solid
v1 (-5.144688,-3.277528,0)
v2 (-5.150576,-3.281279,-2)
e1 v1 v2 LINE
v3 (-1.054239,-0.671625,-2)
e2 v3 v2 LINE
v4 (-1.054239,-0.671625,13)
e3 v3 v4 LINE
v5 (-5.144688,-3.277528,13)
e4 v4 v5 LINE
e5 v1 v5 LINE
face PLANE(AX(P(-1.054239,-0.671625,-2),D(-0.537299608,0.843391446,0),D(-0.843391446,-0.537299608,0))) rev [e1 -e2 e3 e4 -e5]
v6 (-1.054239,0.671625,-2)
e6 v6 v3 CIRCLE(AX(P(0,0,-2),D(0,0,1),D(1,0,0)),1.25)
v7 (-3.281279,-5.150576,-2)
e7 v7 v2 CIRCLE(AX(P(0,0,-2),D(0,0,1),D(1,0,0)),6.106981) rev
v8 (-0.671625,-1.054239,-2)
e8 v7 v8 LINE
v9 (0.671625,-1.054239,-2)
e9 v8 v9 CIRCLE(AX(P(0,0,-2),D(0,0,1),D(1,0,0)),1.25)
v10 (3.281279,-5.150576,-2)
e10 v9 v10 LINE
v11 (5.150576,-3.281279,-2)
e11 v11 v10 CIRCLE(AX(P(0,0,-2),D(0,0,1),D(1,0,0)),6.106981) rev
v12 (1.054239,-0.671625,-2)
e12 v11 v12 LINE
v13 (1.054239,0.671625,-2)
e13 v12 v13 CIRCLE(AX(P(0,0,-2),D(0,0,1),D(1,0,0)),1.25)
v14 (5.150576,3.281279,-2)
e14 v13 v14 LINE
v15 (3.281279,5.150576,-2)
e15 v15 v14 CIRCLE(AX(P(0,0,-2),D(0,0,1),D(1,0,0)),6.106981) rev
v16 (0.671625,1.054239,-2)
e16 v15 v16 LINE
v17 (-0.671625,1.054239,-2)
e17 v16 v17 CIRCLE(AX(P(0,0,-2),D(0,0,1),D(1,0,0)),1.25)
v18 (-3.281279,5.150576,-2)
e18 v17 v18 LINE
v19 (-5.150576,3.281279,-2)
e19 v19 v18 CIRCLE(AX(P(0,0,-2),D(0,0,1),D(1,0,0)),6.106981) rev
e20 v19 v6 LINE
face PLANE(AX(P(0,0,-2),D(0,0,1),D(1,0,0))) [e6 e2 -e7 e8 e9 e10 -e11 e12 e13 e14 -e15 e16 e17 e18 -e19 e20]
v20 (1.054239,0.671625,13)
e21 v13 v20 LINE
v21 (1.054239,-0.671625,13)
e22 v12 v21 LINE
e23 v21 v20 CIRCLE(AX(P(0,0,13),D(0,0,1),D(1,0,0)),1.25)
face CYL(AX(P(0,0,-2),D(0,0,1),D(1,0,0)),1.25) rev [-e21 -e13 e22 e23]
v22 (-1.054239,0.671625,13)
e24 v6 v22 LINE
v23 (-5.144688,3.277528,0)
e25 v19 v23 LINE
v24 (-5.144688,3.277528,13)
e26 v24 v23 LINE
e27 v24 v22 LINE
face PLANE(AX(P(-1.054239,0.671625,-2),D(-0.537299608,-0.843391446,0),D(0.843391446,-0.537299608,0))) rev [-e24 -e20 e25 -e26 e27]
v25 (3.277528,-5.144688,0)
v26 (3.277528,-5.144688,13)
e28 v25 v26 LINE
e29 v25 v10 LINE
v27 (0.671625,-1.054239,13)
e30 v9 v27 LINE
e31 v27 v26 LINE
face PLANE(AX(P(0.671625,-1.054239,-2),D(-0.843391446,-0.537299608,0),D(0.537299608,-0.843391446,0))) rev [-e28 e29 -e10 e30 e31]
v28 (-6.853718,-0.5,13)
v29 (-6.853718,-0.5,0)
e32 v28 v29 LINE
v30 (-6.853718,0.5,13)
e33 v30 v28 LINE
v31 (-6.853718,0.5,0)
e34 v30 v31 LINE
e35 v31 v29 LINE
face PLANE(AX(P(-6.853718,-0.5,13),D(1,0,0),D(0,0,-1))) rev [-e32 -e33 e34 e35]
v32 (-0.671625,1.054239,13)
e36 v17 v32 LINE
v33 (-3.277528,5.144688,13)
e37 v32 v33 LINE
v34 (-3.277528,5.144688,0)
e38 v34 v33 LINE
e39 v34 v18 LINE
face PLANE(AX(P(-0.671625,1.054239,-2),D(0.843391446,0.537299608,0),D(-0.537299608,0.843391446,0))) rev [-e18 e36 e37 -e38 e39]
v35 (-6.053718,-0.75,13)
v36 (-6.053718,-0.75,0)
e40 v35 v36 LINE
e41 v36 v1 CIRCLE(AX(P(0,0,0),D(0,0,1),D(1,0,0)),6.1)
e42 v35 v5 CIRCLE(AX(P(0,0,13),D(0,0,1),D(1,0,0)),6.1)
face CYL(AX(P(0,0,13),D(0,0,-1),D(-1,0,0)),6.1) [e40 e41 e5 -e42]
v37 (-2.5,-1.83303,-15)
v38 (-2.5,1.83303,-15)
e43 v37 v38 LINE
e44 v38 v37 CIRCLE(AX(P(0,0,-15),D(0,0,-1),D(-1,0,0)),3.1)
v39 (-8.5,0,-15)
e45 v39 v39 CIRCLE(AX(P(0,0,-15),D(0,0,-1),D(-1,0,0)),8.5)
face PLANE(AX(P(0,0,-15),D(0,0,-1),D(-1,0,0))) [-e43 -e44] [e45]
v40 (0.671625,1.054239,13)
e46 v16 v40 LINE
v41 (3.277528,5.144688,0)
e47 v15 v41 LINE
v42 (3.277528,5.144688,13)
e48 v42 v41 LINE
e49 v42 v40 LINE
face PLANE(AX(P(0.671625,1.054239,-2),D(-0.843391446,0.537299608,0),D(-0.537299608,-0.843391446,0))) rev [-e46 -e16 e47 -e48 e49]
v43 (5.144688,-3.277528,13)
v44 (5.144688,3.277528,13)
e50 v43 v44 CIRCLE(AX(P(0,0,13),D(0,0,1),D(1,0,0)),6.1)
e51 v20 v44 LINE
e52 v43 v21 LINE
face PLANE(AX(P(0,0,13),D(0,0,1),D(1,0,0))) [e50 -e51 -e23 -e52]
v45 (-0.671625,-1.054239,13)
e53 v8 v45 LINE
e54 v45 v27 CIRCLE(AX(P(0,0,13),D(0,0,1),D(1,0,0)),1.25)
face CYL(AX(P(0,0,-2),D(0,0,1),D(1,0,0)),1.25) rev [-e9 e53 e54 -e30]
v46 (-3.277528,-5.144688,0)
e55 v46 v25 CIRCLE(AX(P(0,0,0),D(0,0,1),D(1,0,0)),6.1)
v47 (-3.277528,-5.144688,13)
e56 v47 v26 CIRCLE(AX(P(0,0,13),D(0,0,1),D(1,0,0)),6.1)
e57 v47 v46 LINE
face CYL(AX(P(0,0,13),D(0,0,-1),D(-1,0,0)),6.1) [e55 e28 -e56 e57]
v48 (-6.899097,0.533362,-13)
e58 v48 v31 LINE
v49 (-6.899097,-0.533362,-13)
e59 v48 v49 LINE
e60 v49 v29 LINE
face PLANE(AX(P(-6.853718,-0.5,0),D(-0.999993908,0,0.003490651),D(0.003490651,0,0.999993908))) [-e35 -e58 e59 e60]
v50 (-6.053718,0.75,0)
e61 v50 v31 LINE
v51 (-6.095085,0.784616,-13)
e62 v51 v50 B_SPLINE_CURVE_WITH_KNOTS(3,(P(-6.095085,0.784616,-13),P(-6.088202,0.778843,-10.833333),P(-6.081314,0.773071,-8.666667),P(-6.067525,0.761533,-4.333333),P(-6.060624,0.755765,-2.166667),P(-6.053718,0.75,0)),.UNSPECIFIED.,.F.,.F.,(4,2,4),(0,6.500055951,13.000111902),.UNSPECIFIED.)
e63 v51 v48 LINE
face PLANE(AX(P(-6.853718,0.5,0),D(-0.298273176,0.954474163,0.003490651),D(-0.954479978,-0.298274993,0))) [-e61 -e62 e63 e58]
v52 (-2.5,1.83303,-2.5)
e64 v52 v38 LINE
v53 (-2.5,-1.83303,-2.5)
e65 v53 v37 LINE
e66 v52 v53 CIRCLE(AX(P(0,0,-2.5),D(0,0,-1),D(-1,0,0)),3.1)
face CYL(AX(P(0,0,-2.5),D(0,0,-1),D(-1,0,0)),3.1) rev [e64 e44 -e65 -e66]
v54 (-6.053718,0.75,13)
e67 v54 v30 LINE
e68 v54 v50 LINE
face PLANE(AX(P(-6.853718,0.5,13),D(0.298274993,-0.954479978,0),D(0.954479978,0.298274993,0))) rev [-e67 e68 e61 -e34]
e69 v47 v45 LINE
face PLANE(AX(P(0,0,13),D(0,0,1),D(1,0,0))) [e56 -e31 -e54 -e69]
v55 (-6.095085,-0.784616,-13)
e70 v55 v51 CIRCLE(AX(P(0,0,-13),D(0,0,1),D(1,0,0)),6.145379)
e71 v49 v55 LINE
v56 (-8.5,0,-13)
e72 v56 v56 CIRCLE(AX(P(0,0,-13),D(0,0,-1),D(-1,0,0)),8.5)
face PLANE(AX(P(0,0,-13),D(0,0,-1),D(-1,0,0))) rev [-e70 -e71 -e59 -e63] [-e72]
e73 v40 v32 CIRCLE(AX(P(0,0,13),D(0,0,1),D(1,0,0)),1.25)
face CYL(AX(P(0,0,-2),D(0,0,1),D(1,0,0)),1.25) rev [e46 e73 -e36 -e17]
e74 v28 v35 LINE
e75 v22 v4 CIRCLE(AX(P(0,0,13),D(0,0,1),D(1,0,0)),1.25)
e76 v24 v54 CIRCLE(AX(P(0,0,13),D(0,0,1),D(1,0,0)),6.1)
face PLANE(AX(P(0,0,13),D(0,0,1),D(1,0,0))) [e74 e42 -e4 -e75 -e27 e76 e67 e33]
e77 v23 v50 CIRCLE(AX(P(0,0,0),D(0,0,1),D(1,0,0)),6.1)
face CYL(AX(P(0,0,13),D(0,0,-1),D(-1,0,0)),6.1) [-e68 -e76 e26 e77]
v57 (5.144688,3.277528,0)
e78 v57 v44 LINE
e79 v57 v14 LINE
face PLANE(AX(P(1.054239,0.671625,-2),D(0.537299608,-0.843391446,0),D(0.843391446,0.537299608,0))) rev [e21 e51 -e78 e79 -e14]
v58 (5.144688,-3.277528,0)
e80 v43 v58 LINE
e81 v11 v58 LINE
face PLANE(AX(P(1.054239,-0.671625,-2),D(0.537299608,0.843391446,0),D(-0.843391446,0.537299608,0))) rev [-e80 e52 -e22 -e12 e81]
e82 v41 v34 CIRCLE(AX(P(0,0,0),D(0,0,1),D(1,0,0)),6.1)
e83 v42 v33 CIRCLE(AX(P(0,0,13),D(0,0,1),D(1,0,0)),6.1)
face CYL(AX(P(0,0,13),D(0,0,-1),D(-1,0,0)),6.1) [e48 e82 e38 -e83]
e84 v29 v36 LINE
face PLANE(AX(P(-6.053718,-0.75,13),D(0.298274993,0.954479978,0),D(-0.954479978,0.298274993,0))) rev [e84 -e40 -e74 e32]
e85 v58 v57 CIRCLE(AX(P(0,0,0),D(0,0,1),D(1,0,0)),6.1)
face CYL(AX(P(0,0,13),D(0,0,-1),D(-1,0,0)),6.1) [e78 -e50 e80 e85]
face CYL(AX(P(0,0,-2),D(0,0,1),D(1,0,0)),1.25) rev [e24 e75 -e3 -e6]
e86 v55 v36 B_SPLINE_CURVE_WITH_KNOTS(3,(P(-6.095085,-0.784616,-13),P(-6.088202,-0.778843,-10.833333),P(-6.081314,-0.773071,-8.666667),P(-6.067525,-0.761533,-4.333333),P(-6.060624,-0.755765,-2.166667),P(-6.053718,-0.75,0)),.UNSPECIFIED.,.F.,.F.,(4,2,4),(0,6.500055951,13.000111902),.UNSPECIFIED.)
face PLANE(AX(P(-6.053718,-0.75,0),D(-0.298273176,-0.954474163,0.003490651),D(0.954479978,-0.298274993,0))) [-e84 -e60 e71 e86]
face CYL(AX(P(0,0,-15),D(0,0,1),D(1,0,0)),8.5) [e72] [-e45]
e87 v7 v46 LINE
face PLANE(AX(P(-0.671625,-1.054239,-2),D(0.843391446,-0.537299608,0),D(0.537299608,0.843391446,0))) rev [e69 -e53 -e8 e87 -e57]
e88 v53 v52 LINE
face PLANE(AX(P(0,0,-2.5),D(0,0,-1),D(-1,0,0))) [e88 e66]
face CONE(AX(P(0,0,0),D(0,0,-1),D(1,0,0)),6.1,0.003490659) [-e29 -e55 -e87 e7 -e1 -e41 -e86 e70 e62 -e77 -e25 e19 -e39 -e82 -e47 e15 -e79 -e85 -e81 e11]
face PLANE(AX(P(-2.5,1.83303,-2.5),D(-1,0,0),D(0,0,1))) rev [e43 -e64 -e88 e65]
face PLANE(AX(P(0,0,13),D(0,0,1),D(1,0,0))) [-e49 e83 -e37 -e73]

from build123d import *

# Parameters (mm, degrees)
BOSS_EXTRUDE1_DEPTH           = 13
BOSS_EXTRUDE1_OTHER_WAY_DEPTH = 13
BOSS_EXTRUDE1_OTHER_WAY_TAPER = -0.2
SKETCH3_R                     = 8.5
BOSS_EXTRUDE2_DEPTH           = 2
CUT_EXTRUDE2_DEPTH            = 12.5
SKETCH2_R                     = 1.25
CUT_EXTRUDE1_DEPTH            = 15
CUT_EXTRUDE3_DEPTH            = 15


with BuildPart() as part:
    # Sketch1 → Boss-Extrude1 (new body)
    with BuildSketch(Plane.XY):
        with BuildLine():
            ThreePointArc((-6.053717866, -0.75), (6.1, 0), (-6.053717866, 0.75))
            Line((-6.053717866, 0.75), (-6.853717866, 0.5))
            Line((-6.853717866, 0.5), (-6.853717866, -0.5))
            Line((-6.853717866, -0.5), (-6.053717866, -0.75))
        make_face()
    extrude(amount=BOSS_EXTRUDE1_DEPTH)

    # Sketch1 → Boss-Extrude1 other way (add)
    with BuildSketch(Plane.XY):
        with BuildLine():
            ThreePointArc((-6.053717866, -0.75), (6.1, 0), (-6.053717866, 0.75))
            Line((-6.053717866, 0.75), (-6.853717866, 0.5))
            Line((-6.853717866, 0.5), (-6.853717866, -0.5))
            Line((-6.853717866, -0.5), (-6.053717866, -0.75))
        make_face()
    extrude(amount=-BOSS_EXTRUDE1_OTHER_WAY_DEPTH, taper=BOSS_EXTRUDE1_OTHER_WAY_TAPER)

    # Sketch3 → Boss-Extrude2 (add)
    with BuildSketch(Plane(origin=(0, 0, -13), x_dir=(-1, 0, 0), z_dir=(0, 0, -1))):
        Circle(SKETCH3_R)
    extrude(amount=BOSS_EXTRUDE2_DEPTH)

    # Sketch4 → Cut-Extrude2 (cut)
    with BuildSketch(Plane(origin=(0, 0, -15), x_dir=(-1, 0, 0), z_dir=(0, 0, -1))):
        with BuildLine():
            Line((2.5, 1.833030278), (2.5, -1.833030278))
            ThreePointArc((2.5, -1.833030278), (-3.1, 0), (2.5, 1.833030278))
        make_face()
    extrude(amount=-CUT_EXTRUDE2_DEPTH, mode=Mode.SUBTRACT)

    # Sketch2 → Cut-Extrude1 (cut)
    with BuildSketch(Plane.XY.offset(13)):
        Circle(SKETCH2_R)
    extrude(amount=-CUT_EXTRUDE1_DEPTH, mode=Mode.SUBTRACT)

    # Sketch5 → Cut-Extrude3 (cut)
    with BuildSketch(Plane.XY.offset(13)):
        with BuildLine():
            Line((-1.054239307, 0.67162451), (-5.182959865, 3.301909593))
            ThreePointArc((-5.182959865, 3.301909593), (-4.345438983, 4.345438983), (-3.301909593, 5.182959865))
            Line((-3.301909593, 5.182959865), (-0.67162451, 1.054239307))
            ThreePointArc((-0.67162451, 1.054239307), (-0.883883476, 0.883883476), (-1.054239307, 0.67162451))
        make_face()
        with BuildLine():
            Line((0.67162451, 1.054239307), (3.301909593, 5.182959865))
            ThreePointArc((3.301909593, 5.182959865), (4.345438983, 4.345438983), (5.182959865, 3.301909593))
            Line((5.182959865, 3.301909593), (1.054239307, 0.67162451))
            ThreePointArc((1.054239307, 0.67162451), (0.883883476, 0.883883476), (0.67162451, 1.054239307))
        make_face()
        with BuildLine():
            Line((1.054239307, -0.67162451), (5.182959865, -3.301909593))
            ThreePointArc((5.182959865, -3.301909593), (4.345438983, -4.345438983), (3.301909593, -5.182959865))
            Line((3.301909593, -5.182959865), (0.67162451, -1.054239307))
            ThreePointArc((0.67162451, -1.054239307), (0.883883476, -0.883883476), (1.054239307, -0.67162451))
        make_face()
        with BuildLine():
            Line((-0.67162451, -1.054239307), (-3.301909593, -5.182959865))
            ThreePointArc((-3.301909593, -5.182959865), (-4.345438983, -4.345438983), (-5.182959865, -3.301909593))
            Line((-5.182959865, -3.301909593), (-1.054239307, -0.67162451))
            ThreePointArc((-1.054239307, -0.67162451), (-0.883883476, -0.883883476), (-0.67162451, -1.054239307))
        make_face()
    extrude(amount=-CUT_EXTRUDE3_DEPTH, mode=Mode.SUBTRACT)


solid = part.part
